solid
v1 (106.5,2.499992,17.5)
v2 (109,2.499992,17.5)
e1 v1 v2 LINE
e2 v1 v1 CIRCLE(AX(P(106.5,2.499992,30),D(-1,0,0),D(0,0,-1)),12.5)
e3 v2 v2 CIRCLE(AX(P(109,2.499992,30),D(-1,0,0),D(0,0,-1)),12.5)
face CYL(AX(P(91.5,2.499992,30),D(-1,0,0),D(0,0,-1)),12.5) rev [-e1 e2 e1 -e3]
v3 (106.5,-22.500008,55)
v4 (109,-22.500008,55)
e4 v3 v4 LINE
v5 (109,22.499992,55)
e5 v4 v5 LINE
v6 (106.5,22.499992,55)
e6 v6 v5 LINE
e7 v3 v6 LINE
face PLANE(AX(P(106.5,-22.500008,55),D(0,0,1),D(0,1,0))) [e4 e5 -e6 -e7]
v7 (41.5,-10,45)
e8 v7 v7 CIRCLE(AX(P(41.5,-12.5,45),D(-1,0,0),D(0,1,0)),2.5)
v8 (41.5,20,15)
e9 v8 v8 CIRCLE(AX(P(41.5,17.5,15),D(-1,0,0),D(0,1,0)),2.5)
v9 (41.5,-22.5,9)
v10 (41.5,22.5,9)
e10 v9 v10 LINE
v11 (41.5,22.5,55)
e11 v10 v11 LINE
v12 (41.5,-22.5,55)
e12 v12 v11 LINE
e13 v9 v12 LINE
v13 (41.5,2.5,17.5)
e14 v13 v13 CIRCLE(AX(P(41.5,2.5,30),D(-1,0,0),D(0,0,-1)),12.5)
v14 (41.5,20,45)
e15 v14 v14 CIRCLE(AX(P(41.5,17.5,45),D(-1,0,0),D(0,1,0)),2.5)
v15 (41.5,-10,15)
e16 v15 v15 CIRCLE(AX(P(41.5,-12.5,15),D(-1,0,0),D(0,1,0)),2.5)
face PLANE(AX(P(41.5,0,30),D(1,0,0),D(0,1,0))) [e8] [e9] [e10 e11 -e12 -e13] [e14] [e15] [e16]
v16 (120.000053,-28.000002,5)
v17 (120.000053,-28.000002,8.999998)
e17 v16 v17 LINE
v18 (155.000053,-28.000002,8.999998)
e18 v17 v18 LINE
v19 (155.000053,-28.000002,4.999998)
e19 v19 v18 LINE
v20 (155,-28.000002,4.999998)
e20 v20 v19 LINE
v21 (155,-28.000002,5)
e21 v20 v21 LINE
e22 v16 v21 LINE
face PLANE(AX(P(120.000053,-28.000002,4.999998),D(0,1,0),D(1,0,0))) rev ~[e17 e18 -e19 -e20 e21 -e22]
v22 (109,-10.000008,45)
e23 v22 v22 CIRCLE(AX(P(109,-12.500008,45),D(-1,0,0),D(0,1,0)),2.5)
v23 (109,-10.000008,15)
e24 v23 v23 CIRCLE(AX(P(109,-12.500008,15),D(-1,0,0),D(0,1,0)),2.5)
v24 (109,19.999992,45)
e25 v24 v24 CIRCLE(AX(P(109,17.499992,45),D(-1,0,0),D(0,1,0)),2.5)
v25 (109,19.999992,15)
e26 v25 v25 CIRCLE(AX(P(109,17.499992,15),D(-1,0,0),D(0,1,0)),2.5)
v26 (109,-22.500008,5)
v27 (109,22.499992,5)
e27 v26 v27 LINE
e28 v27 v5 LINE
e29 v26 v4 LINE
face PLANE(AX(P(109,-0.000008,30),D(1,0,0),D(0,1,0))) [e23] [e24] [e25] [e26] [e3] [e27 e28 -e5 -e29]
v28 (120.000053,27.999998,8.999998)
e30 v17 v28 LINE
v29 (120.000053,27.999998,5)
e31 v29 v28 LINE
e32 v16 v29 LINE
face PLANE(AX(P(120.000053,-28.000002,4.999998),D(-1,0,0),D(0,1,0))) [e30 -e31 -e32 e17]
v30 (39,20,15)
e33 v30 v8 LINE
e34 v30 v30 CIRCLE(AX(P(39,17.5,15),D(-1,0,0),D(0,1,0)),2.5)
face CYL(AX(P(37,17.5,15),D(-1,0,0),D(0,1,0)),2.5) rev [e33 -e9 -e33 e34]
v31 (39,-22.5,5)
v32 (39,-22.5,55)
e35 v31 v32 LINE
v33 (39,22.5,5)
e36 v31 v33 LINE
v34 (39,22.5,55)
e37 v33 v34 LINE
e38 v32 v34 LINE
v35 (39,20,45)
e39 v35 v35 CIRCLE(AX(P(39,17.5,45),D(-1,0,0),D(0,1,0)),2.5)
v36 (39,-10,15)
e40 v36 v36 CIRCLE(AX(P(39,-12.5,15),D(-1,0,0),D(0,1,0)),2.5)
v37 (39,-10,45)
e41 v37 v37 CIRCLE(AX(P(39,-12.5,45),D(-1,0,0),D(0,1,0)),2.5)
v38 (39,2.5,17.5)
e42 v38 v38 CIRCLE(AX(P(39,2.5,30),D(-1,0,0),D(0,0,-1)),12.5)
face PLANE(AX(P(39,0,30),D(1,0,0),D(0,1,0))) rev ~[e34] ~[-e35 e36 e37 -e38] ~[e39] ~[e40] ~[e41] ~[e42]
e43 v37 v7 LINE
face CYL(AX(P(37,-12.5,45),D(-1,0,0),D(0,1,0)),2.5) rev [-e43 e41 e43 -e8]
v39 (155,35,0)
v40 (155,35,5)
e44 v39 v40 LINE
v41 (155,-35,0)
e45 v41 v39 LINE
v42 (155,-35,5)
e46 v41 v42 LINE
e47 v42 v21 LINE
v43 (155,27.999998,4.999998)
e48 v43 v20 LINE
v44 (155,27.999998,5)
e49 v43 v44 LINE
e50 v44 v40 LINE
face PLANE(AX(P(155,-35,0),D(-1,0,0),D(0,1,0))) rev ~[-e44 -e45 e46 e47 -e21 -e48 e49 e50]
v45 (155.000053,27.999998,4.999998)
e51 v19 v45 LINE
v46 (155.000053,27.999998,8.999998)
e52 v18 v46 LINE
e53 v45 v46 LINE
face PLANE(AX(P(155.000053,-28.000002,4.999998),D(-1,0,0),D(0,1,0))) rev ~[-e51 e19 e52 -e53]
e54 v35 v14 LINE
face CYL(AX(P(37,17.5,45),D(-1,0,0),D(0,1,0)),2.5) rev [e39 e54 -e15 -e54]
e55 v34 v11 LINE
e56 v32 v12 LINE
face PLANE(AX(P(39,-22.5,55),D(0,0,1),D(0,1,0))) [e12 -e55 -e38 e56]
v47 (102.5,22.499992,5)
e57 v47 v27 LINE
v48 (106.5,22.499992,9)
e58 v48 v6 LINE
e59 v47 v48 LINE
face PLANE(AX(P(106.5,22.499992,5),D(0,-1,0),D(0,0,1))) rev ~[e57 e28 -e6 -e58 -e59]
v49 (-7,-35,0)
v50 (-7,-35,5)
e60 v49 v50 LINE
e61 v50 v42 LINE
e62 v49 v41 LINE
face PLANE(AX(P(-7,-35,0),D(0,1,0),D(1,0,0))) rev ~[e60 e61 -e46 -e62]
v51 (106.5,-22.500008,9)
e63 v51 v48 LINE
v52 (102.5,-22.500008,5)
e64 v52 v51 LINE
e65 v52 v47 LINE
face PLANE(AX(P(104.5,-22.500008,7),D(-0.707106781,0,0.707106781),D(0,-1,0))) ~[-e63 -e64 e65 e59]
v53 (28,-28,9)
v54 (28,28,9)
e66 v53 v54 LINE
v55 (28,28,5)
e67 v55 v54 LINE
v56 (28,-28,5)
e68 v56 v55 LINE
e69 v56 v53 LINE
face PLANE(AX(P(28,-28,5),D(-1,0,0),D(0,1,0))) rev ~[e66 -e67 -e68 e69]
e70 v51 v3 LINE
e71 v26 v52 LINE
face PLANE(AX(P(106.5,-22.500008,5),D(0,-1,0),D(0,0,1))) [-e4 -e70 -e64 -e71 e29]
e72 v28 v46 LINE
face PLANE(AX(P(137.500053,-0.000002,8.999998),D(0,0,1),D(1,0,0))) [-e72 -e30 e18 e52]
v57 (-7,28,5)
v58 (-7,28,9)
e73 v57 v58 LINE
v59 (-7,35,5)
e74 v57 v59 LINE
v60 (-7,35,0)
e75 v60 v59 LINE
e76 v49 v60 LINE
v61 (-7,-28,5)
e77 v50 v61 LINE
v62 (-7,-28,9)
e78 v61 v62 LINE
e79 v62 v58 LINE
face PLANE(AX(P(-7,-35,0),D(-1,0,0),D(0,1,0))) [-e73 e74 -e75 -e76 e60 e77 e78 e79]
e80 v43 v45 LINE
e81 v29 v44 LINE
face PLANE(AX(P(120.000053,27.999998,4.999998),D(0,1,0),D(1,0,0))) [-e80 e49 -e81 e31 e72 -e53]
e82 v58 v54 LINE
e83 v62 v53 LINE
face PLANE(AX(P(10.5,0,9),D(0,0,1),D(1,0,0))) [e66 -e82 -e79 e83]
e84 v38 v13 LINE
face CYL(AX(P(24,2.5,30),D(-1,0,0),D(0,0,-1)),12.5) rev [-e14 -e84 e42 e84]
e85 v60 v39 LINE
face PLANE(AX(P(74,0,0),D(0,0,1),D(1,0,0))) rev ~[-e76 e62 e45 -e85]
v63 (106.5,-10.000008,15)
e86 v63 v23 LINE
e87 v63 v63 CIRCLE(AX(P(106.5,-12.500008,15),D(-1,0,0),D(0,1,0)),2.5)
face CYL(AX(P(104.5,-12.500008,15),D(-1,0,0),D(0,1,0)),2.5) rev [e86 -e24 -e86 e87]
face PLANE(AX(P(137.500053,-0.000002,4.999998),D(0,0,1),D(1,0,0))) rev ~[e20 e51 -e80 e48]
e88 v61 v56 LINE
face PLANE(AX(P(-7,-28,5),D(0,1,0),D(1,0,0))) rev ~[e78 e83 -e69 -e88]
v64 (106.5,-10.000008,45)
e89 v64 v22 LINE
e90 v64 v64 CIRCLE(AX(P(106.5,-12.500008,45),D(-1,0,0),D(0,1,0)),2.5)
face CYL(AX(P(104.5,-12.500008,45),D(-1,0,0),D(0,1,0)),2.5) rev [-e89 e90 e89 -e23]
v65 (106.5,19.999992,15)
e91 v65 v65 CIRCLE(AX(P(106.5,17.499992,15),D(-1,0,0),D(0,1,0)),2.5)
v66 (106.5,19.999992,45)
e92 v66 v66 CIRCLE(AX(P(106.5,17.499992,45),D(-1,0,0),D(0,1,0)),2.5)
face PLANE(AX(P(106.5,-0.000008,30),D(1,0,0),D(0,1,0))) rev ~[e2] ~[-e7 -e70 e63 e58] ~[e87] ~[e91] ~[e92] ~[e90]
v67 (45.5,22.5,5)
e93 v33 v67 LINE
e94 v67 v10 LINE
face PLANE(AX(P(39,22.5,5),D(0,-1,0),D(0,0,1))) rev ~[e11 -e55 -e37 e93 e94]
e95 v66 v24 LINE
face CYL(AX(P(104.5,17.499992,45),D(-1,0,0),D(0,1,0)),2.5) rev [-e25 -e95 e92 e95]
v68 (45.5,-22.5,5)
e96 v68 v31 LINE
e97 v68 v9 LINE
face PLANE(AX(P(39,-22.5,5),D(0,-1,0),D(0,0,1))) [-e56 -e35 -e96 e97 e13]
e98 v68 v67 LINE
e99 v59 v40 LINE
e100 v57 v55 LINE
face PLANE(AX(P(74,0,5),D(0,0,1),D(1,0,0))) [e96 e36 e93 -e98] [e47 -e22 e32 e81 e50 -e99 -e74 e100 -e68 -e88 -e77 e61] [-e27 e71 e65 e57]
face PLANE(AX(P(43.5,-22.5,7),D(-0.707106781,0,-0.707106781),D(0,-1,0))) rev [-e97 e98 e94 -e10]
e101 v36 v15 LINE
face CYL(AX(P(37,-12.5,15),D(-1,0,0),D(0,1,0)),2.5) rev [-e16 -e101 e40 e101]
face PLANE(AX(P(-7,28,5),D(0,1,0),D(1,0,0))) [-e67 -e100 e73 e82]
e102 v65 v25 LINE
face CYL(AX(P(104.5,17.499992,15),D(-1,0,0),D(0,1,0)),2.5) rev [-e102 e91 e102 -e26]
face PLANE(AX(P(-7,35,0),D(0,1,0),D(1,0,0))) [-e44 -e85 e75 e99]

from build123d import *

# Parameters (mm, degrees)
CYLINDER035_R          = 12.5
CYLINDER035_DEPTH      = 25
CYLINDER034_R          = 2.5
CYLINDER034_DEPTH      = 8
BOX022_W               = 45
BOX022_H               = 50
BOX022_DEPTH           = 2.5
CUT042_ROLL_ANGLE      = 90
CUT042_PLACEMENT_ANGLE = 90
BOX013_W               = 35
BOX013_H               = 56
BOX013_DEPTH           = 4
BOX002_W               = 162
BOX002_H               = 70
BOX002_DEPTH           = 5
CHAMFER_SIZE           = 4
CHAMFER001_SIZE        = 4


with BuildPart() as hueco_rotor001:
    # Cylinder035 → Cylinder035 (new body)
    with BuildSketch(Plane(origin=(25, 2.5, 30), x_dir=(0, 0, -1), z_dir=(1, 0, 0))):
        Circle(CYLINDER035_R)
    extrude(amount=CYLINDER035_DEPTH)


with BuildPart() as tonillo_motor019:
    # Cylinder034 → Cylinder034 (new body)
    with BuildSketch(Plane(origin=(10, 10, 38), x_dir=(1, 0, 0), z_dir=(0, 0, 1))):
        Circle(CYLINDER034_R)
    extrude(amount=CYLINDER034_DEPTH)


with BuildPart() as tonillo_motor018:
    # Link025 base: copy of tonillo motor019
    add(tonillo_motor019.part)


with BuildPart() as tonillo_motor018_1:
    # Link025 placement: moved
    add(tonillo_motor018.part.moved(Location((0, 30, 0))))


with BuildPart() as tonillo_motor017:
    # Link024 base: copy of tonillo motor019
    add(tonillo_motor019.part)


with BuildPart() as tonillo_motor017_1:
    # Link024 placement: moved
    add(tonillo_motor017.part.moved(Location((30, 0, 0))))


with BuildPart() as tonillo_motor016:
    # Link023 base: copy of tonillo motor019
    add(tonillo_motor019.part)


with BuildPart() as tonillo_motor016_1:
    # Link023 placement: moved
    add(tonillo_motor016.part.moved(Location((30, 30, 0))))


with BuildPart() as union_base_motor:
    # Box022 → Box022 (new body)
    with BuildSketch(Plane.XY.offset(40)):
        with Locations((22.5, 25)):
            Rectangle(BOX022_W, BOX022_H)
    extrude(amount=BOX022_DEPTH)

    # Cut039: cut tonillo motor016
    add(tonillo_motor016_1.part, mode=Mode.SUBTRACT)

    # Cut040: cut tonillo motor017
    add(tonillo_motor017_1.part, mode=Mode.SUBTRACT)

    # Cut041: cut tonillo motor018
    add(tonillo_motor018_1.part, mode=Mode.SUBTRACT)

    # Cut042: cut tonillo motor019
    add(tonillo_motor019.part, mode=Mode.SUBTRACT)


with BuildPart() as union_base_motor_1:
    # Cut042 roll: moved
    add(union_base_motor.part.rotate(Axis((0, 0, 0), (1, 0, 0)), CUT042_ROLL_ANGLE))


with BuildPart() as union_base_motor_2:
    # Cut042 placement: moved
    add(union_base_motor_1.part.moved(Location((0, -22.5, 5))).rotate(Axis((0, -22.5, 5), (0, 0, 1)), CUT042_PLACEMENT_ANGLE))

    # Cut043: cut Hueco rotor001
    add(hueco_rotor001.part, mode=Mode.SUBTRACT)


with BuildPart() as union_base_motor_3:
    # Cut043 placement: moved
    add(union_base_motor_2.part.moved(Location((-1, 0, 0))))


with BuildPart() as soporte_motor:
    # Box013 → Box013 (new body)
    with BuildSketch(Plane(origin=(0, -28, 5), x_dir=(1, 0, 0), z_dir=(0, 0, 1))):
        with Locations((17.5, 28)):
            Rectangle(BOX013_W, BOX013_H)
    extrude(amount=BOX013_DEPTH)


with BuildPart() as plancha_abajo:
    # Box002 → Box002 (new body)
    with BuildSketch(Plane(origin=(0, -35, 0), x_dir=(1, 0, 0), z_dir=(0, 0, 1))):
        with Locations((81, 35)):
            Rectangle(BOX002_W, BOX002_H)
    extrude(amount=BOX002_DEPTH)


with BuildPart() as base:
    # Link011 base: copy of soporte motor
    add(soporte_motor.part)


with BuildPart() as base_1:
    # Link011 placement: moved
    add(base.part.moved(Location((127.000053, -2e-06, -2e-06))))

    # Fusion008: union soporte motor, Plancha abajo
    add(soporte_motor.part)
    add(plancha_abajo.part)


with BuildPart() as base_2:
    # Fusion008 placement: moved
    add(base_1.part.moved(Location((-7, 0, 0))))


with BuildPart() as chamfer001:
    # Link base: copy of union base motor
    add(union_base_motor_3.part)


with BuildPart() as chamfer001_1:
    # Link placement: moved
    add(chamfer001.part.moved(Location((67.5, -8e-06, 0))))

    # Fusion063: union union base motor, Base
    add(union_base_motor_3.part)
    add(base_2.part)

    # Chamfer
    chamfer_edges = [chamfer001_1.edges().sort_by_distance(p)[0] for p in [
        (41.5, 0, 5),
    ]]
    chamfer(chamfer_edges, length=CHAMFER_SIZE)

    # Chamfer001
    chamfer001_edges = [chamfer001_1.edges().sort_by_distance(p)[0] for p in [
        (106.5, -8e-06, 5),
    ]]
    chamfer(chamfer001_edges, length=CHAMFER001_SIZE)


solid = chamfer001_1.part
